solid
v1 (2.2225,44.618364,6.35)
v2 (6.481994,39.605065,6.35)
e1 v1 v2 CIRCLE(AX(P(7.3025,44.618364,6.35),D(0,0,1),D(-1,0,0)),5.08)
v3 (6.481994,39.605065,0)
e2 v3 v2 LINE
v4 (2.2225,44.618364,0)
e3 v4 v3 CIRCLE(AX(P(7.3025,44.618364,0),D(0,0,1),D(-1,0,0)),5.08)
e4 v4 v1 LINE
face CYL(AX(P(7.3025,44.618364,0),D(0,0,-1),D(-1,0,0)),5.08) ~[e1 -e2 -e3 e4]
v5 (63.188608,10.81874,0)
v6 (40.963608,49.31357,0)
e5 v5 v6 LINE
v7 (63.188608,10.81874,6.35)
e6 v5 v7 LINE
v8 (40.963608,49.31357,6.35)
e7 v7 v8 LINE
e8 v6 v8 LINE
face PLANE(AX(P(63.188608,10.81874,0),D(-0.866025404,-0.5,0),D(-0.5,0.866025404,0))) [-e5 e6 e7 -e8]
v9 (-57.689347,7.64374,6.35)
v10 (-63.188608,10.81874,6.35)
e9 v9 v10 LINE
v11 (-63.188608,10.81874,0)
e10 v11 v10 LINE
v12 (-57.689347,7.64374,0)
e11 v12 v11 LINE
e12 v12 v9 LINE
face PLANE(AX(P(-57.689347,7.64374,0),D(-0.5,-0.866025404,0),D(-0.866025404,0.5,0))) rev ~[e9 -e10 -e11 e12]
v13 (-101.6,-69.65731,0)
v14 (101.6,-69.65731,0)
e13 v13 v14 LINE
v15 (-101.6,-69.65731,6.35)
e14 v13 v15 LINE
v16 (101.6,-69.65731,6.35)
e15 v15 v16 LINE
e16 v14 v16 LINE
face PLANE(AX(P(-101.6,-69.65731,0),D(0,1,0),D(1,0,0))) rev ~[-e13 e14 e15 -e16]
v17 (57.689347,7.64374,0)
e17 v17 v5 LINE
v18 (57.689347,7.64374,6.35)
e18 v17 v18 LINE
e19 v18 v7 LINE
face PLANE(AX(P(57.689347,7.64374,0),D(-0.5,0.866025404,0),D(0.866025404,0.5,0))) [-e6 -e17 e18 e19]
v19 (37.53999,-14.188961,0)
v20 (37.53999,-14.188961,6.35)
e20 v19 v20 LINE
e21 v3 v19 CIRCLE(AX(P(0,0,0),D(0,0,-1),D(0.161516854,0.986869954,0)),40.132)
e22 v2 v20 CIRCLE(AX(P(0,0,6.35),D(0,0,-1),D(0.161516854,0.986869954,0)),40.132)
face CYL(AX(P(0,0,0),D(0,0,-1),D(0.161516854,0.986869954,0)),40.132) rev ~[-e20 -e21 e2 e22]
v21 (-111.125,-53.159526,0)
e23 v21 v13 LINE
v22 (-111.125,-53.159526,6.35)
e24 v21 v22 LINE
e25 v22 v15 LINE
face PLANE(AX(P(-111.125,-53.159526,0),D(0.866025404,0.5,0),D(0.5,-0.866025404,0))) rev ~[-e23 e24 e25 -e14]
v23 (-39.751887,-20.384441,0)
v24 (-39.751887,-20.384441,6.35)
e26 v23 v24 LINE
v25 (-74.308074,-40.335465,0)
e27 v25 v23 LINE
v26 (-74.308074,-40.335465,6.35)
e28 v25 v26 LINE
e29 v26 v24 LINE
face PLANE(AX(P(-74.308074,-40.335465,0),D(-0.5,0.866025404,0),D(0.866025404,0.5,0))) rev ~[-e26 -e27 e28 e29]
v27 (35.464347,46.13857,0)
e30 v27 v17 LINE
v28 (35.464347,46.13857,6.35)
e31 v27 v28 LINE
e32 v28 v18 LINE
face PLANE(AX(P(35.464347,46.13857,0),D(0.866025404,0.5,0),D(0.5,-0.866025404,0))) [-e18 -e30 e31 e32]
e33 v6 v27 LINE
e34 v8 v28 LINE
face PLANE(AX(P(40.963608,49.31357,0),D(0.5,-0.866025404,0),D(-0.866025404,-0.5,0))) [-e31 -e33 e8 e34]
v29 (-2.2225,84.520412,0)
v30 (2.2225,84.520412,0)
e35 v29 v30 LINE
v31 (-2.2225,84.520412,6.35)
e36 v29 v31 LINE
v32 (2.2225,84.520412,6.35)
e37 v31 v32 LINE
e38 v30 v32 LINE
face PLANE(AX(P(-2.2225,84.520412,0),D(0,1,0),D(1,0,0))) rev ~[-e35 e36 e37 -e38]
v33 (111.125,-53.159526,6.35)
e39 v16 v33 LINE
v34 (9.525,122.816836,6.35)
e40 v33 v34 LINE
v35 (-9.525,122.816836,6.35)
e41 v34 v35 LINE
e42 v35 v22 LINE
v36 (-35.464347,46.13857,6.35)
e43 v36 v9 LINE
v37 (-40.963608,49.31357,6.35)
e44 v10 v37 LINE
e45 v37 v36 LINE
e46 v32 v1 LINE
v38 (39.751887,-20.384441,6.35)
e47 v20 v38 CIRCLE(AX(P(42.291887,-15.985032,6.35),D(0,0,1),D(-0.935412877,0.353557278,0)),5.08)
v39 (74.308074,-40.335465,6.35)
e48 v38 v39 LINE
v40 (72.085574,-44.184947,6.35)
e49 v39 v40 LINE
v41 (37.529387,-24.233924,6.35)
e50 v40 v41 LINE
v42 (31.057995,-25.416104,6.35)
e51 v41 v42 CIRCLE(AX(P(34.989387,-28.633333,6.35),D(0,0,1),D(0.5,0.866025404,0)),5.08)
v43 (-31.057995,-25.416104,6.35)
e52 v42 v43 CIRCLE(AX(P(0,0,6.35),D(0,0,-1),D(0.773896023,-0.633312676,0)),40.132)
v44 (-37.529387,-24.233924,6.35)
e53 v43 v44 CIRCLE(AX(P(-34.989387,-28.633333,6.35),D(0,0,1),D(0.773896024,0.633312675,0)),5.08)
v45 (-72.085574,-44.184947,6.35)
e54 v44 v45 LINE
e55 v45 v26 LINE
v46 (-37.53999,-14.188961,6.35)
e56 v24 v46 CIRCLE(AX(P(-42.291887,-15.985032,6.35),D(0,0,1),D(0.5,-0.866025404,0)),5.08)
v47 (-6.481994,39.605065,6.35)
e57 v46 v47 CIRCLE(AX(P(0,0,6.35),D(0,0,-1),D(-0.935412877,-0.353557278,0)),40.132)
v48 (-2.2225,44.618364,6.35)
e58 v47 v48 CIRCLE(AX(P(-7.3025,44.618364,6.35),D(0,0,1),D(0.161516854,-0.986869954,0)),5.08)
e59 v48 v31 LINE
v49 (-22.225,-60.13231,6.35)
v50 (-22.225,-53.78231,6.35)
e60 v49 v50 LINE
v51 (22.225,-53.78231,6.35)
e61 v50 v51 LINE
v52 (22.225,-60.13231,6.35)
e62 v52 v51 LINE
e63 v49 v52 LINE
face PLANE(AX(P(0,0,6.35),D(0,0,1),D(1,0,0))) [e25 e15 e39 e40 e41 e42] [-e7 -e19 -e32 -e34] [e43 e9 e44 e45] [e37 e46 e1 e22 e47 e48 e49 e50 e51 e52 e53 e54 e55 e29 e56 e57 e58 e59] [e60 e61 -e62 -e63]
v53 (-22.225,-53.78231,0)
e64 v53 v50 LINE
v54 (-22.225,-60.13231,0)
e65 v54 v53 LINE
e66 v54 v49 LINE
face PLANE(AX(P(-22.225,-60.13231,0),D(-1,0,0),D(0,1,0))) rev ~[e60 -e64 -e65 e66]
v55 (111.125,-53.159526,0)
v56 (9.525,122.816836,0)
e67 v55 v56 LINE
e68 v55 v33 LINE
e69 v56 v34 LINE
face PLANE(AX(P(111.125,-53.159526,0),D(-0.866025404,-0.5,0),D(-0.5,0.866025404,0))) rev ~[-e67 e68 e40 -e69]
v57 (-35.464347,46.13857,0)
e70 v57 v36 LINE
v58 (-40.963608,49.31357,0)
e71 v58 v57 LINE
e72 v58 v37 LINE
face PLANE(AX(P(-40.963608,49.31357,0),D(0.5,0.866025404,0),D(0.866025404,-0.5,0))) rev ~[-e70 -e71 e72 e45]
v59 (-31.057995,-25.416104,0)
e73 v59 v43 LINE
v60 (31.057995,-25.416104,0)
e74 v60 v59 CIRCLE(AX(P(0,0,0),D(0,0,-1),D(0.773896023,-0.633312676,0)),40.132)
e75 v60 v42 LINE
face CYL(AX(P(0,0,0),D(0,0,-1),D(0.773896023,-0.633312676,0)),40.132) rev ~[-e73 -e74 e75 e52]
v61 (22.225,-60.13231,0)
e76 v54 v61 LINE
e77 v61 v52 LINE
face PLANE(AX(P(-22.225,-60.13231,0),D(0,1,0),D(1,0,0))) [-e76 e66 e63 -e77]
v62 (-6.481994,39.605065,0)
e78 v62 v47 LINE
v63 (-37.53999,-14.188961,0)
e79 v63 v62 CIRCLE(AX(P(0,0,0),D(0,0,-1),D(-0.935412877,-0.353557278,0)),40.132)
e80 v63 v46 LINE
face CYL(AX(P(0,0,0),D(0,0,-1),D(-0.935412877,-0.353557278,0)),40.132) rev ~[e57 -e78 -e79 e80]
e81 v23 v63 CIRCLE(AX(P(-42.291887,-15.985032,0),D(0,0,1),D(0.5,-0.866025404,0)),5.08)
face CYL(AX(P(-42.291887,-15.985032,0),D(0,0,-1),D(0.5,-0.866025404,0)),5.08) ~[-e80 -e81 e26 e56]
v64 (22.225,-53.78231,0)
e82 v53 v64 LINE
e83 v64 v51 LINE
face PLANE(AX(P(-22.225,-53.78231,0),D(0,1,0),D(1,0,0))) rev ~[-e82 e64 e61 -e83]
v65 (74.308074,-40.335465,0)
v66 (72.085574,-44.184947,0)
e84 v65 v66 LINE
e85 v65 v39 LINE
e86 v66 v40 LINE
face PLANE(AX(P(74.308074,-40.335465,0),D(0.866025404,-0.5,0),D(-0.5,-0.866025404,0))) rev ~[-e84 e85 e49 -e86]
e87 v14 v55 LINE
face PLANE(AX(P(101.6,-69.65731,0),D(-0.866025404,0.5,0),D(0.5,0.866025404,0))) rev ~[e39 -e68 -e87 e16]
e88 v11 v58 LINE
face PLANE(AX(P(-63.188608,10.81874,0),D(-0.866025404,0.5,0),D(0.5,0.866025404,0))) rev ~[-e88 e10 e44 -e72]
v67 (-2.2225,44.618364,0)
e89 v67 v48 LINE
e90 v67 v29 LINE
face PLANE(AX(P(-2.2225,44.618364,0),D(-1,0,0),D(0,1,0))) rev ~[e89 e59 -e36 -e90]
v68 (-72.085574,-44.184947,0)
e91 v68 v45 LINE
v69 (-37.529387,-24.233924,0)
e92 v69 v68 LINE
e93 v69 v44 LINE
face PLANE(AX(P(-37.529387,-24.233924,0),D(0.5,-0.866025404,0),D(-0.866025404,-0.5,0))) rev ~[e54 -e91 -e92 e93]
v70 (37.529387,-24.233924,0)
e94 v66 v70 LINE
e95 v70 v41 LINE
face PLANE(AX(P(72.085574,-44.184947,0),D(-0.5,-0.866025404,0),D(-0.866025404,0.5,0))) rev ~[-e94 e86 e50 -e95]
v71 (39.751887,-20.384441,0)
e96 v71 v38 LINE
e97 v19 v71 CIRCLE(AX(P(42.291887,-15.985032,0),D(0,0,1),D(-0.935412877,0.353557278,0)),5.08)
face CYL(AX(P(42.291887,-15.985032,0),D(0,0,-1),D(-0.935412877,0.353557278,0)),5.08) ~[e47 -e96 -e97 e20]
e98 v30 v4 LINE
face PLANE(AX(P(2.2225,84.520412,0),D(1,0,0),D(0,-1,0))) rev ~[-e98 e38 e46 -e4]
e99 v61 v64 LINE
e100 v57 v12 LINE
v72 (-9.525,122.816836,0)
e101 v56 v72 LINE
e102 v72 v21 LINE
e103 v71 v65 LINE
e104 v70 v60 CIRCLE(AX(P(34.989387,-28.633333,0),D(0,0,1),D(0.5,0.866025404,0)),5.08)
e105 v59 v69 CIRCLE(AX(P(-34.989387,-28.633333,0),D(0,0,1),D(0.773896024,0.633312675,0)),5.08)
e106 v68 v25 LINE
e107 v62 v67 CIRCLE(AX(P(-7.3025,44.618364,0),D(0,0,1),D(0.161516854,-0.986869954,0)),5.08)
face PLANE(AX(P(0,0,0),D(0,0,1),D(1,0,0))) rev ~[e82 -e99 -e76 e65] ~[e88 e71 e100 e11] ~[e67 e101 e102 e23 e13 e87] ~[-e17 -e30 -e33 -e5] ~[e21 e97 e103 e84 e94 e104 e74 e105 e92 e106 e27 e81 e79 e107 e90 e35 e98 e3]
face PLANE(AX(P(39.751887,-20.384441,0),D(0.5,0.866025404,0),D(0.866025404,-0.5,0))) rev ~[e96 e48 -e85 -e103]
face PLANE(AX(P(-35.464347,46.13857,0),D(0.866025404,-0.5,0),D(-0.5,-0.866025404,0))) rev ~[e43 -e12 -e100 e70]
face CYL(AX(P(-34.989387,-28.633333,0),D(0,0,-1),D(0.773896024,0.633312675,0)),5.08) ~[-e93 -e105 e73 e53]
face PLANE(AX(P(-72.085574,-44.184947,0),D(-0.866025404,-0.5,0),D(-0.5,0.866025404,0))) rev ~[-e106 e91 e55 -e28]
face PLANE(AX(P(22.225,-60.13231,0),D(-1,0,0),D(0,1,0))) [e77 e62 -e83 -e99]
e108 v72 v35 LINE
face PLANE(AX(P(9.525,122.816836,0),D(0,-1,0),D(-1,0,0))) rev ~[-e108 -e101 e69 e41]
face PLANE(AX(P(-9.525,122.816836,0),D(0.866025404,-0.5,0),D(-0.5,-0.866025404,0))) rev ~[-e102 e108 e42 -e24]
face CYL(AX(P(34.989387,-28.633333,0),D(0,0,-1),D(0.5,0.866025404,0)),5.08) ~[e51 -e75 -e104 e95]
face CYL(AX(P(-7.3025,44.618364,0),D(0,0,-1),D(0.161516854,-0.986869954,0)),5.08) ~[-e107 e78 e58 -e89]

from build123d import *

# Parameters (mm, degrees)
SKETCH1_W           = 44.45
SKETCH1_H           = 6.35
BOSS_EXTRUDE1_DEPTH = 6.35


with BuildPart() as part:
    # Sketch1 → Boss-Extrude1 (new body)
    with BuildSketch(Plane.XY):
        Polygon((0, -69.657309978), (101.6, -69.657309978), (111.125, -53.159526036), (9.525, 122.816836013), (-9.525, 122.816836013), (-111.125, -53.159526036), (-101.6, -69.657309978), align=None)
        with BuildLine():
            Line((-2.2225, 84.520411999), (2.2225, 84.520411999))
            Line((2.2225, 84.520411999), (2.2225, 44.618364355))
            ThreePointArc((2.2225, 44.618364355), (3.431158596, 41.32912193), (6.481994382, 39.60506499))
            ThreePointArc((6.481994382, 39.60506499), (34.755331505, 20.066), (37.539989591, -14.188960693))
            ThreePointArc((37.539989591, -14.188960693), (37.507648806, -17.693090457), (39.751887007, -20.384440718))
            Line((39.751887007, -20.384440718), (74.308073929, -40.335464539))
            Line((74.308073929, -40.335464539), (72.085573929, -44.184947459))
            Line((72.085573929, -44.184947459), (37.529387007, -24.233923638))
            ThreePointArc((37.529387007, -24.233923638), (34.07649021, -23.636031473), (31.057995209, -25.416104297))
            ThreePointArc((31.057995209, -25.416104297), (0, -40.132), (-31.057995209, -25.416104297))
            ThreePointArc((-31.057995209, -25.416104297), (-34.07649021, -23.636031473), (-37.529387007, -24.233923638))
            Line((-37.529387007, -24.233923638), (-72.085573929, -44.184947459))
            Line((-72.085573929, -44.184947459), (-74.308073929, -40.335464539))
            Line((-74.308073929, -40.335464539), (-39.751887007, -20.384440718))
            ThreePointArc((-39.751887007, -20.384440718), (-37.507648806, -17.693090457), (-37.539989591, -14.188960693))
            ThreePointArc((-37.539989591, -14.188960693), (-34.755331505, 20.066), (-6.481994382, 39.60506499))
            ThreePointArc((-6.481994382, 39.60506499), (-3.431158596, 41.32912193), (-2.2225, 44.618364355))
            Line((-2.2225, 44.618364355), (-2.2225, 84.520411999))
        make_face(mode=Mode.SUBTRACT)
        with Locations((0, -56.957309978)):
            Rectangle(SKETCH1_W, SKETCH1_H, mode=Mode.SUBTRACT)
        Polygon((-63.188608029, 10.81874039), (-40.963608029, 49.313569588), (-35.464346715, 46.138569588), (-57.689346715, 7.64374039), align=None, mode=Mode.SUBTRACT)
        Polygon((40.963608029, 49.313569588), (35.464346715, 46.138569588), (57.689346715, 7.64374039), (63.188608029, 10.81874039), align=None, mode=Mode.SUBTRACT)
    extrude(amount=BOSS_EXTRUDE1_DEPTH)


solid = part.part
